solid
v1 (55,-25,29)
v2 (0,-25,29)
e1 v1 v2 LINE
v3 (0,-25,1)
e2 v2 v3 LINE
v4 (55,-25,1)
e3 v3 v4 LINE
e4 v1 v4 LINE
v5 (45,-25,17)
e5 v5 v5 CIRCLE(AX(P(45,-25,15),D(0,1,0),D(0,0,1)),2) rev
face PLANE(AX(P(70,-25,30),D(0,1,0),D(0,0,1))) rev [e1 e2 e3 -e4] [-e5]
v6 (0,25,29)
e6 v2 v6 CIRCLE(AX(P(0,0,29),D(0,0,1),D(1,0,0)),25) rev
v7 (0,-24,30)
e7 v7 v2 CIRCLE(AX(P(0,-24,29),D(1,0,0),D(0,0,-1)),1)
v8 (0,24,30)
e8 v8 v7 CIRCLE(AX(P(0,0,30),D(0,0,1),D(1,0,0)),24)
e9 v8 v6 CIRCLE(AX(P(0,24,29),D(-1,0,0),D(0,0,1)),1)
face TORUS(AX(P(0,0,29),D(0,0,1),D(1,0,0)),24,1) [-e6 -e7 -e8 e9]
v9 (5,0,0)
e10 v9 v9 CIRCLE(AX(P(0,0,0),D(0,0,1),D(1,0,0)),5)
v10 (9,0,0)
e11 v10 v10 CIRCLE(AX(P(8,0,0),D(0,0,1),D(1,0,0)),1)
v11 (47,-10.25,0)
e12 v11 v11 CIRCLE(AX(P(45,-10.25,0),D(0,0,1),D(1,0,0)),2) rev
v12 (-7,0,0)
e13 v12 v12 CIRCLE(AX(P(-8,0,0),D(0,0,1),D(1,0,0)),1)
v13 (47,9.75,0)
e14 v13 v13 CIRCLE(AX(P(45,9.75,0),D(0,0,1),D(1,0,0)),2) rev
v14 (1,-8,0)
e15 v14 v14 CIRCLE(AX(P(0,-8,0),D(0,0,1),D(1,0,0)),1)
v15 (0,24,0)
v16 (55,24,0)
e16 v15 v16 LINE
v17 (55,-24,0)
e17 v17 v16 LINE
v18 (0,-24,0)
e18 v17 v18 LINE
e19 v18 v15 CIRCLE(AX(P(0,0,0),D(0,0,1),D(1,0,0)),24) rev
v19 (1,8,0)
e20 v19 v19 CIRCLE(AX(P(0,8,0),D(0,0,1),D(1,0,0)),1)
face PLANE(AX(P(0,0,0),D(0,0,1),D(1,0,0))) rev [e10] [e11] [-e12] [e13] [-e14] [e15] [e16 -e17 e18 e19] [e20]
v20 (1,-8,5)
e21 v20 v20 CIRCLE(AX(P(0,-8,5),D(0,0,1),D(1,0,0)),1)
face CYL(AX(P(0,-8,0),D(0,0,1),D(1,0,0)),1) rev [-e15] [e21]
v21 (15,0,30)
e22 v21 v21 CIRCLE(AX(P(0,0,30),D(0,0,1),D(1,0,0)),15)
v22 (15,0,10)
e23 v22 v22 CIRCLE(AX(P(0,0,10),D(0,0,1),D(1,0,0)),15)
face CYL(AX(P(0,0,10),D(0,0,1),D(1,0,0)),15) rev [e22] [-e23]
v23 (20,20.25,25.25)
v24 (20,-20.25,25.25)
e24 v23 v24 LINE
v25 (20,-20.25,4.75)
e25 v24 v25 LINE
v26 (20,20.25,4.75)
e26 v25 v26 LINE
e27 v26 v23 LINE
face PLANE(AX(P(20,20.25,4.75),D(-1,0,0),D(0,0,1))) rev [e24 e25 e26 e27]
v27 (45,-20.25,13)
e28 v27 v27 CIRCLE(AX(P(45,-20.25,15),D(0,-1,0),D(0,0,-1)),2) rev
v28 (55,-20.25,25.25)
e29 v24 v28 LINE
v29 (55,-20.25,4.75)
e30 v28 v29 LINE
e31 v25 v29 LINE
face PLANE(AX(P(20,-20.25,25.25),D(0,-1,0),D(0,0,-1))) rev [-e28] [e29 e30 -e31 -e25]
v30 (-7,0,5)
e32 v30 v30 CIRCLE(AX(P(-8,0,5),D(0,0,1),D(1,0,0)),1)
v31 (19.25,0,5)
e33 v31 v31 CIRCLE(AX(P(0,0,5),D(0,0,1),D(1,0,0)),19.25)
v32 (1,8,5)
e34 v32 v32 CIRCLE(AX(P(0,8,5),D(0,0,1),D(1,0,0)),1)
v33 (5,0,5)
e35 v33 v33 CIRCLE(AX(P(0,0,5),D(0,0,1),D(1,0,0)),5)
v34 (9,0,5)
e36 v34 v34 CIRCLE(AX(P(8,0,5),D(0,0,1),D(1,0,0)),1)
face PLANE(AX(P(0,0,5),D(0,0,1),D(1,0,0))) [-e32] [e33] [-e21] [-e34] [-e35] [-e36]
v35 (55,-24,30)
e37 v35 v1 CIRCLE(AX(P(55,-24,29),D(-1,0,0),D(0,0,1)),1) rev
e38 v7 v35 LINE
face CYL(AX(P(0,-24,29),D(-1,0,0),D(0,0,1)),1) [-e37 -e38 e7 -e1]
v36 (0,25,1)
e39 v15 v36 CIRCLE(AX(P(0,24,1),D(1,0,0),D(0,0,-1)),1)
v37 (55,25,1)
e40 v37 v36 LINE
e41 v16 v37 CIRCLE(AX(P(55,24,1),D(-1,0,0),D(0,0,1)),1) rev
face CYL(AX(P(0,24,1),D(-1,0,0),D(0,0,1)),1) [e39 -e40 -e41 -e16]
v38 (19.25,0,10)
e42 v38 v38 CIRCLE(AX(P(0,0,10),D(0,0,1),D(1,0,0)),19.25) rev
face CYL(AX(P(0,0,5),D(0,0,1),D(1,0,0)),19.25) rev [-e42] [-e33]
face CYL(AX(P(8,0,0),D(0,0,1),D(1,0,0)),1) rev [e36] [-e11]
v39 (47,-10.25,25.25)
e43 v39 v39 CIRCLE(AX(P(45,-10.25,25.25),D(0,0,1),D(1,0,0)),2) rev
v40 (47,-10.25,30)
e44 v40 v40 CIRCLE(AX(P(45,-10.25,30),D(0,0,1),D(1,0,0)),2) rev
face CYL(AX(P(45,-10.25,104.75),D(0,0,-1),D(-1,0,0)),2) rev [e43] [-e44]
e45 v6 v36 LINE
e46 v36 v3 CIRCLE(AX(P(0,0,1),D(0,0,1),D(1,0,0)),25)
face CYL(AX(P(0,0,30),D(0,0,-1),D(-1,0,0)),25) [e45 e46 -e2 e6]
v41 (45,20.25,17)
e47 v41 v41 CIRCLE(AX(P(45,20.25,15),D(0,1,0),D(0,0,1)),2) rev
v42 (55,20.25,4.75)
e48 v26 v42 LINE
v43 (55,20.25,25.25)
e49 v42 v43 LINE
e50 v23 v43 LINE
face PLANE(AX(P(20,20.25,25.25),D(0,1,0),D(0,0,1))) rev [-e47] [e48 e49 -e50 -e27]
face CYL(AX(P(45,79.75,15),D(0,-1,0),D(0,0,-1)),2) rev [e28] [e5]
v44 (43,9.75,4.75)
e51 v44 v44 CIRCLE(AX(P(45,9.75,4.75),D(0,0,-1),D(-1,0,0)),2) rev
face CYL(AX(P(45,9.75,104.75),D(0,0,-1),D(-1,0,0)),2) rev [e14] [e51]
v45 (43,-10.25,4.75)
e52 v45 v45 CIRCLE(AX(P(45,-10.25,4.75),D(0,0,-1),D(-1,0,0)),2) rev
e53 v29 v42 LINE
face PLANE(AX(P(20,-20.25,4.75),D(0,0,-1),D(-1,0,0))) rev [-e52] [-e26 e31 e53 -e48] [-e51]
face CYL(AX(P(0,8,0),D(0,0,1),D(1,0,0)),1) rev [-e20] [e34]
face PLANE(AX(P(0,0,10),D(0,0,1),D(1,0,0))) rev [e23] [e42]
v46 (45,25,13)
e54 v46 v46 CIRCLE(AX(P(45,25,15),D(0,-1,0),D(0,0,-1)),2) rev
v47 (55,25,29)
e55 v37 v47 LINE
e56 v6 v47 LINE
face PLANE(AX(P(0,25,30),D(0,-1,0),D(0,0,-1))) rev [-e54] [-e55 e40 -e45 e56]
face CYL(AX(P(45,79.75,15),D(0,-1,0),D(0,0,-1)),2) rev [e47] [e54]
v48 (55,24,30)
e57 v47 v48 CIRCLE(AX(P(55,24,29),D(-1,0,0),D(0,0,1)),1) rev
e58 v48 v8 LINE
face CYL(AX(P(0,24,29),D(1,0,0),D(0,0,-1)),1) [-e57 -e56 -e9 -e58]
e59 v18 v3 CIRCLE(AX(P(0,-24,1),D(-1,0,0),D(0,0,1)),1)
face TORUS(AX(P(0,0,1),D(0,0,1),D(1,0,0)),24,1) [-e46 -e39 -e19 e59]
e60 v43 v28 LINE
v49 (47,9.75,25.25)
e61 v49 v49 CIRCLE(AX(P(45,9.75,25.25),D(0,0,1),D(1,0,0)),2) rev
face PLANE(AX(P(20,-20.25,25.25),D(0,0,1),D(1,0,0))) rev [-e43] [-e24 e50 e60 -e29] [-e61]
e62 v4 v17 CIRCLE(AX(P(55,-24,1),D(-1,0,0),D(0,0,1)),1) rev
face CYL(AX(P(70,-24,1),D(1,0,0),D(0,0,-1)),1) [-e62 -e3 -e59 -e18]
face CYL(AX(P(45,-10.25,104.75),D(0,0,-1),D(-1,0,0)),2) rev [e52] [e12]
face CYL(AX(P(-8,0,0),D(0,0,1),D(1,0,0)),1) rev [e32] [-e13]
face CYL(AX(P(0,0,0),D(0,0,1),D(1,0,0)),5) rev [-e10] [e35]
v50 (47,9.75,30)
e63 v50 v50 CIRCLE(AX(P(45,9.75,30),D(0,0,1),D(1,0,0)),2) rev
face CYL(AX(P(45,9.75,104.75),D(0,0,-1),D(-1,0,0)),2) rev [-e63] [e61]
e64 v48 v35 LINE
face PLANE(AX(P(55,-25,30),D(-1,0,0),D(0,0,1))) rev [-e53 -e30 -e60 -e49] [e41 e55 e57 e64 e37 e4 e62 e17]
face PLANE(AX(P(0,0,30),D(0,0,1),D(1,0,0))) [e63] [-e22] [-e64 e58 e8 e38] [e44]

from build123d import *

# Parameters (mm, degrees)
BOSS_EXTRUDE2_DEPTH      = 30
SKETCH3_R                = 6.5
CUT_EXTRUDE2_DEPTH       = 40
SKETCH4_R                = 19
CUT_EXTRUDE3_DEPTH       = 25
SKETCH2_W                = 20.5
SKETCH2_H                = 40.5
CUT_EXTRUDE5_DEPTH       = 50
SKETCH6_R                = 6.75
CUT_EXTRUDE6_DEPTH       = 50
SKETCH7_R                = 19.25
CUT_EXTRUDE7_DEPTH       = 25
SKETCH8_W                = 30
SKETCH8_H                = 50
CUT_EXTRUDE8_DEPTH       = 15
CUT_EXTRUDE9_DEPTH       = 100
CUT_EXTRUDE9_DEPTH_BACK  = 15
SKETCH9_R                = 2
CUT_EXTRUDE10_DEPTH      = 100
CUT_EXTRUDE10_DEPTH_BACK = 15
SKETCH10_R               = 2
FILLET1_R                = 1
SKETCH12_R               = 6.75
SKETCH12_R_2             = 5
BOSS_EXTRUDE3_DEPTH      = 5
SKETCH13_R               = 1
CUT_EXTRUDE11_DEPTH      = 5
SKETCH14_R               = 19.25
SKETCH14_R_2             = 15
BOSS_EXTRUDE4_DEPTH      = 20


with BuildPart() as part:
    # Sketch1 → Boss-Extrude2 (new body)
    with BuildSketch(Plane.XY):
        with BuildLine():
            Line((0, 25), (70, 25))
            Line((70, 25), (70, -25))
            Line((70, -25), (0, -25))
            ThreePointArc((0, -25), (-25, 0), (0, 25))
        make_face()
    extrude(amount=BOSS_EXTRUDE2_DEPTH)

    # Sketch3 → Cut-Extrude2 (cut)
    with BuildSketch(Plane.XY.offset(30)):
        Circle(SKETCH3_R)
    extrude(amount=-CUT_EXTRUDE2_DEPTH, mode=Mode.SUBTRACT)

    # Sketch4 → Cut-Extrude3 (cut)
    with BuildSketch(Plane.XY.offset(30)):
        Circle(SKETCH4_R)
    extrude(amount=-CUT_EXTRUDE3_DEPTH, mode=Mode.SUBTRACT)

    # Sketch2 → Cut-Extrude5 (cut)
    with BuildSketch(Plane(origin=(70, 0, 0), x_dir=(0, 0, -1), z_dir=(1, 0, 0))):
        with Locations((-15, 0)):
            Rectangle(SKETCH2_W, SKETCH2_H)
    extrude(amount=-CUT_EXTRUDE5_DEPTH, mode=Mode.SUBTRACT)

    # Sketch6 → Cut-Extrude6 (cut)
    with BuildSketch(Plane.XY.offset(30)):
        Circle(SKETCH6_R)
    extrude(amount=-CUT_EXTRUDE6_DEPTH, mode=Mode.SUBTRACT)

    # Sketch7 → Cut-Extrude7 (cut)
    with BuildSketch(Plane.XY.offset(30)):
        Circle(SKETCH7_R)
    extrude(amount=-CUT_EXTRUDE7_DEPTH, mode=Mode.SUBTRACT)

    # Sketch8 → Cut-Extrude8 (cut)
    with BuildSketch(Plane(origin=(70, 0, 0), x_dir=(0, 0, -1), z_dir=(1, 0, 0))):
        with Locations((-15, 0)):
            Rectangle(SKETCH8_W, SKETCH8_H)
    extrude(amount=-CUT_EXTRUDE8_DEPTH, mode=Mode.SUBTRACT)

    # Sketch9 → Cut-Extrude9 (cut, two sides: drawn at the far end of the back side and taken through both)
    with BuildSketch(Plane.XY.offset(4.75).offset(-CUT_EXTRUDE9_DEPTH_BACK)):
        with Locations(Location((45, -10.25, 0), (0, 0, 180))):
            Circle(SKETCH9_R)
        with Locations(Location((45, 9.75, 0), (0, 0, 180))):
            Circle(SKETCH9_R)
    extrude(amount=CUT_EXTRUDE9_DEPTH + CUT_EXTRUDE9_DEPTH_BACK, mode=Mode.SUBTRACT)

    # Sketch10 → Cut-Extrude10 (cut, two sides: drawn at the far end of the back side and taken through both)
    with BuildSketch(Plane(origin=(0, -20.25, 0), x_dir=(1, 0, 0), z_dir=(0, 1, 0)).offset(-CUT_EXTRUDE10_DEPTH_BACK)):
        with Locations(Location((45, -15, 0), (0, 0, 90))):
            Circle(SKETCH10_R)
    extrude(amount=CUT_EXTRUDE10_DEPTH + CUT_EXTRUDE10_DEPTH_BACK, mode=Mode.SUBTRACT)

    # Fillet1
    fillet1_edges = [part.edges().sort_by_distance(p)[0] for p in [
        (-25, 0, 30),
        (27.5, -25, 0),
        (27.5, 25, 0),
        (27.5, 25, 30),
        (-25, 0, 0),
        (27.5, -25, 30),
    ]]
    fillet(fillet1_edges, radius=FILLET1_R)

    # Sketch12 → Boss-Extrude3 (add)
    with BuildSketch(Plane.XY.offset(5)):
        Circle(SKETCH12_R)
        Circle(SKETCH12_R_2, mode=Mode.SUBTRACT)
    extrude(amount=-BOSS_EXTRUDE3_DEPTH)

    # Sketch13 → Cut-Extrude11 (cut)
    with BuildSketch(Plane.XY.offset(5)):
        with Locations((-8, 0)):
            Circle(SKETCH13_R)
        with Locations((0, 8)):
            Circle(SKETCH13_R)
        with Locations((8, 0)):
            Circle(SKETCH13_R)
        with Locations((0, -8)):
            Circle(SKETCH13_R)
    extrude(amount=-CUT_EXTRUDE11_DEPTH, mode=Mode.SUBTRACT)

    # Sketch14 → Boss-Extrude4 (add)
    with BuildSketch(Plane.XY.offset(30)):
        Circle(SKETCH14_R)
        Circle(SKETCH14_R_2, mode=Mode.SUBTRACT)
    extrude(amount=-BOSS_EXTRUDE4_DEPTH)


solid = part.part
